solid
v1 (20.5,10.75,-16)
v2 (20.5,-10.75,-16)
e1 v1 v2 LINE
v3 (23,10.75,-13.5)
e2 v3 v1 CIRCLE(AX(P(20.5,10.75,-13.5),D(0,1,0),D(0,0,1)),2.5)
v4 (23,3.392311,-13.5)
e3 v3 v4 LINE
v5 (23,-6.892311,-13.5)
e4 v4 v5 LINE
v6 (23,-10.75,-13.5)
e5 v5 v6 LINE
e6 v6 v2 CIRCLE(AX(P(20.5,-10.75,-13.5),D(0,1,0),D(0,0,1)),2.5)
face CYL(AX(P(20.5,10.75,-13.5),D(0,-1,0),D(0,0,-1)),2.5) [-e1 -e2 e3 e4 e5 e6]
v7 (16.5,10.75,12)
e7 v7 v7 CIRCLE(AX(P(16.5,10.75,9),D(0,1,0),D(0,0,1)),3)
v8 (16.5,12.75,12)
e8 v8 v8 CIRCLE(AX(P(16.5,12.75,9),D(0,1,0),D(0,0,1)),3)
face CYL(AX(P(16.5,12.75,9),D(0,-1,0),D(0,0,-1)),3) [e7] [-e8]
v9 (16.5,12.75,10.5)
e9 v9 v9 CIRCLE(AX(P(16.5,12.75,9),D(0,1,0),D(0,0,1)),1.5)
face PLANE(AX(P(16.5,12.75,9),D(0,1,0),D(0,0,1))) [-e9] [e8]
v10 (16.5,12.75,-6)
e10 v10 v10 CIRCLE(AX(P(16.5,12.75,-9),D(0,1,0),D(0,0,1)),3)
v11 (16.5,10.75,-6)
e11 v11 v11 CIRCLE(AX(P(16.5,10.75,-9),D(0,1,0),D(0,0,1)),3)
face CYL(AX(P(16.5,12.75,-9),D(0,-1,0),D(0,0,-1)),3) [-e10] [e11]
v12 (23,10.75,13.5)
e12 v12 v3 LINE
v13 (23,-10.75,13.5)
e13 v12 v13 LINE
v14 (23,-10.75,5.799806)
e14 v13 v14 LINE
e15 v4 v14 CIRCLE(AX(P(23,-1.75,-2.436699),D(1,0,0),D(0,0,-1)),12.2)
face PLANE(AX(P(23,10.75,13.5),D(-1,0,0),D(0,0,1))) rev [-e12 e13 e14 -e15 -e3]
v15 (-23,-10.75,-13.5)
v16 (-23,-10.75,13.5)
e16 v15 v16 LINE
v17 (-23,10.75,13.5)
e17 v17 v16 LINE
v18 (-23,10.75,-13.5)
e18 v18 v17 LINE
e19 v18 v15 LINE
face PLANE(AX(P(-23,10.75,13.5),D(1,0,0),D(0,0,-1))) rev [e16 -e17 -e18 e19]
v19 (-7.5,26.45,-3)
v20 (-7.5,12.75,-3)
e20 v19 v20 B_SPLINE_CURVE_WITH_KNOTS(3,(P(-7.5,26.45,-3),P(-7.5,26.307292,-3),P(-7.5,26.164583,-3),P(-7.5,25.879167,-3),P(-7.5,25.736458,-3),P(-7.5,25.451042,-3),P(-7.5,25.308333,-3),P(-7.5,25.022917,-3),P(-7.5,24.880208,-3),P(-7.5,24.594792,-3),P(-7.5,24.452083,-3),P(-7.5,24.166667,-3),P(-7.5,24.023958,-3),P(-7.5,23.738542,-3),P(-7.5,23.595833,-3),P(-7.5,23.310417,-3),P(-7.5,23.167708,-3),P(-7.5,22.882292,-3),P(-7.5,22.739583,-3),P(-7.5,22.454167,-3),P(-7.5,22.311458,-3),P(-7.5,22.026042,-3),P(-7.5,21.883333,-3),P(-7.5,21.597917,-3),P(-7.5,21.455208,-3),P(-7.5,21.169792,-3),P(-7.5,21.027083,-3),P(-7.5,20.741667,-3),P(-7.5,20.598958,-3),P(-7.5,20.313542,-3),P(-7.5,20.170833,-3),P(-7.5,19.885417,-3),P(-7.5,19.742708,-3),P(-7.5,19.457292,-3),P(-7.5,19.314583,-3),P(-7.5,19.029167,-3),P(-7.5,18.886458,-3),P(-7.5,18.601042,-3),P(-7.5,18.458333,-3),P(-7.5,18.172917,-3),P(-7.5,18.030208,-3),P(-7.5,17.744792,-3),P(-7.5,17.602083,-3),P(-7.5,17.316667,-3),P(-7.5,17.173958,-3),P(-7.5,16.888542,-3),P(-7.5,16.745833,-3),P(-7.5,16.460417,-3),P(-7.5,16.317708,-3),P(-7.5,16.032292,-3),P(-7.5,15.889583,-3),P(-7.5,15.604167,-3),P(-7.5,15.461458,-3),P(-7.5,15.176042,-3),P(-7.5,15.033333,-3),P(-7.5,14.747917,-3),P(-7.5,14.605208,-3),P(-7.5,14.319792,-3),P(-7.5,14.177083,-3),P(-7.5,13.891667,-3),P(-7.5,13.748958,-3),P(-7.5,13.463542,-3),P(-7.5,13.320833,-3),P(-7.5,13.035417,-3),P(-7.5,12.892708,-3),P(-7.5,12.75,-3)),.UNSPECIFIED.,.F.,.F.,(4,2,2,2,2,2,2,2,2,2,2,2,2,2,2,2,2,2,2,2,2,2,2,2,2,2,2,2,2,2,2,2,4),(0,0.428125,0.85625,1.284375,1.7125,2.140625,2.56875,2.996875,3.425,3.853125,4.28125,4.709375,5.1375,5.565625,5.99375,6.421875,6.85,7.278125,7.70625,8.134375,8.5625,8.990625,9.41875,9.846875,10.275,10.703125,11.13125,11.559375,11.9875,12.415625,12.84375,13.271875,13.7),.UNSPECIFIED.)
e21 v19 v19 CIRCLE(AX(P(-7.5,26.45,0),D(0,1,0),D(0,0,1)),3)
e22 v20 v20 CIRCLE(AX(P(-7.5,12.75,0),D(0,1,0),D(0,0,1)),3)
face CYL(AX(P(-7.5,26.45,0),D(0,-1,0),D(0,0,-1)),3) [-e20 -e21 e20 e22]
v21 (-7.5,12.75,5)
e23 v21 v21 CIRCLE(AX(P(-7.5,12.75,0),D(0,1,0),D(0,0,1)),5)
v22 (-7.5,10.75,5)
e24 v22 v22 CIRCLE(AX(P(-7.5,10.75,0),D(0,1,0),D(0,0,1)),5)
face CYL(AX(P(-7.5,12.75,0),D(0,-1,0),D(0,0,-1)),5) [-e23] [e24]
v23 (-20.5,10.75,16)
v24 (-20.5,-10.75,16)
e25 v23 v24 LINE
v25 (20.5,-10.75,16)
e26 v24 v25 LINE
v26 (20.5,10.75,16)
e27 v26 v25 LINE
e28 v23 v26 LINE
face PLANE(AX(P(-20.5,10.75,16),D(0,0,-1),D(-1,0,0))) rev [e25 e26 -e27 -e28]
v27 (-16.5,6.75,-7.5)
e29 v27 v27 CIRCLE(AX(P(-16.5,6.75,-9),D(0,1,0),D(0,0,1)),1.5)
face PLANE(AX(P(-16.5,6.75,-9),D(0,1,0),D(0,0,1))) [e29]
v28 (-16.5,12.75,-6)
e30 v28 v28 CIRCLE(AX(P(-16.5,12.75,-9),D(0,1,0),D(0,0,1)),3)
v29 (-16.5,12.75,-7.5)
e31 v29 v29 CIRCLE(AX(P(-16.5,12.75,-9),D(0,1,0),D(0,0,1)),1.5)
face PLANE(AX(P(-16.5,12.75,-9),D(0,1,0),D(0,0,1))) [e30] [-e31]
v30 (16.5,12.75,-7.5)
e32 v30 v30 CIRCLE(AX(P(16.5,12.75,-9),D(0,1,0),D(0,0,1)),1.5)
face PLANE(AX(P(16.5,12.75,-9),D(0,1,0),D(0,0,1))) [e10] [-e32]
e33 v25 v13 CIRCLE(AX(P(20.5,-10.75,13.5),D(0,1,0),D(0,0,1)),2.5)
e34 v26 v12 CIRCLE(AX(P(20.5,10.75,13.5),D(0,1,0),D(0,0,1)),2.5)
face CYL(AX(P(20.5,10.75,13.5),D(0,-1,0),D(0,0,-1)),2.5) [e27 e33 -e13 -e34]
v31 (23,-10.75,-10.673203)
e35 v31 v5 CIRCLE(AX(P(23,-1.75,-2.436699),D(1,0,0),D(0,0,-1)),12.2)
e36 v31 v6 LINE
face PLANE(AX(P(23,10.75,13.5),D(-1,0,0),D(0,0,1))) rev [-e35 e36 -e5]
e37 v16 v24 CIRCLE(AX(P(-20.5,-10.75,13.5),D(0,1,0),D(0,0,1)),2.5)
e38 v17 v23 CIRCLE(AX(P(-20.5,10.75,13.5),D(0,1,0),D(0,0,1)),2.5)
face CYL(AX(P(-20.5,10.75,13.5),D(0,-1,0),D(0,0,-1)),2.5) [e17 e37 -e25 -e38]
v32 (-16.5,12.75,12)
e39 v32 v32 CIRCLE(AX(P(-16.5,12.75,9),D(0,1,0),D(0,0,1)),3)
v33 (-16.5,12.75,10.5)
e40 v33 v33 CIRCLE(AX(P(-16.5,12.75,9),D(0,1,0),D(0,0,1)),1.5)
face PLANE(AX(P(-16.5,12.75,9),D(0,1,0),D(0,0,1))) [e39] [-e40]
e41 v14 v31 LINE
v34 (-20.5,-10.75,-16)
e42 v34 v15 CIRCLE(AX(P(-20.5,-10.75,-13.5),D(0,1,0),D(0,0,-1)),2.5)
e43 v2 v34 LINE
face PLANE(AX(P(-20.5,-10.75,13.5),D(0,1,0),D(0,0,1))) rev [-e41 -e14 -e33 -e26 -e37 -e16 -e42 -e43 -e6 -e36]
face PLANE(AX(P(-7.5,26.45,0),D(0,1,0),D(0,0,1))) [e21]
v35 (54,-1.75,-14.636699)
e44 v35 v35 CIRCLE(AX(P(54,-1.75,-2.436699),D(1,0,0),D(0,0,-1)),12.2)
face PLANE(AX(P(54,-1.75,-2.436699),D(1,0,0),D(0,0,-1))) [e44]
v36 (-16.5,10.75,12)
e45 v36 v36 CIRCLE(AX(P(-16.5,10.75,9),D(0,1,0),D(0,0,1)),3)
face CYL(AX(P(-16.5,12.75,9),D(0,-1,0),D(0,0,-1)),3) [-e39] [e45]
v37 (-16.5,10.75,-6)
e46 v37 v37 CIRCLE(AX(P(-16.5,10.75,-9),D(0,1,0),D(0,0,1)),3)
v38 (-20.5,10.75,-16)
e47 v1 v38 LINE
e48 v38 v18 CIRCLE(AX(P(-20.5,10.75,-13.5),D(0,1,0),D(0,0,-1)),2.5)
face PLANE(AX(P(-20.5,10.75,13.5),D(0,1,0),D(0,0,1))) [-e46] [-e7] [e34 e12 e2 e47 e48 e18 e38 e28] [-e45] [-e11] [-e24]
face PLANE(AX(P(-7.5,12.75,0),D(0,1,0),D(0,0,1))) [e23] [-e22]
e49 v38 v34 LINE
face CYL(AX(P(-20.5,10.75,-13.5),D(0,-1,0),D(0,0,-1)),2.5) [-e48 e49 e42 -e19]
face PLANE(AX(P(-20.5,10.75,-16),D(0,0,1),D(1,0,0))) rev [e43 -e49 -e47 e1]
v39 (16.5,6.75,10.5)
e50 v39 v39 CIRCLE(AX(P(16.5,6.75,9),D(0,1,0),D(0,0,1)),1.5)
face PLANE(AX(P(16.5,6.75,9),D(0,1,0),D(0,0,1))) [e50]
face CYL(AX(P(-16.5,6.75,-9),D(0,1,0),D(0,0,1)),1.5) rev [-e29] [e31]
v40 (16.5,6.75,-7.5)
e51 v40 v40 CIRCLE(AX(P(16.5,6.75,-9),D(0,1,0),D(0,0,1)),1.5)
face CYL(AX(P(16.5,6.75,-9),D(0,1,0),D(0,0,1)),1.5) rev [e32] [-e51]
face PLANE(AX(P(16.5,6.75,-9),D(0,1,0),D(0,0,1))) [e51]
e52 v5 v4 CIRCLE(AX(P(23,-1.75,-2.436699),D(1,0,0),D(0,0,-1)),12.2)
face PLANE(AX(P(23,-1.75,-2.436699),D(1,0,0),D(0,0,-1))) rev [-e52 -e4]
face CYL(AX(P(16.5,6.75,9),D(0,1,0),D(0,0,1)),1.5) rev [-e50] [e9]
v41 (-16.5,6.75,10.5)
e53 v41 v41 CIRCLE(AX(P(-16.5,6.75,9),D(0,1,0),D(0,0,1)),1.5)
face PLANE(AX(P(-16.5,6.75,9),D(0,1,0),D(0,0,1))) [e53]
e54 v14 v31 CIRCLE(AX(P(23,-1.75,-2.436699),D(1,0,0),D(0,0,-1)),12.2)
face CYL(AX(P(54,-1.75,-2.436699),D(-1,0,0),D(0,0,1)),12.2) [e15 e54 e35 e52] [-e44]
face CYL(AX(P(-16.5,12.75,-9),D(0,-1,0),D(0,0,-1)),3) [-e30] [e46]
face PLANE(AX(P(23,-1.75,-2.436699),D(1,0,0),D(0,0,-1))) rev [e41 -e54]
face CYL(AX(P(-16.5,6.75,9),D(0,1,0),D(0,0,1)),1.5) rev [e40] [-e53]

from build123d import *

# Parameters (mm, degrees)
BOSS_EXTRUDE1_DEPTH = 10.75
SKETCH2_R           = 3
SKETCH2_R_2         = 5
BOSS_EXTRUDE2_DEPTH = 2
SKETCH3_R           = 1.5
CUT_EXTRUDE1_DEPTH  = 6
SKETCH4_R           = 3
BOSS_EXTRUDE3_DEPTH = 13.7
SKETCH5_R           = 12.2
BOSS_EXTRUDE4_DEPTH = 31


with BuildPart() as part:
    # Sketch1 → Boss-Extrude1 (new, symmetric)
    with BuildSketch(Plane(origin=(0, 0, 0), x_dir=(1, 0, 0), z_dir=(0, 1, 0))):
        with BuildLine():
            Line((-20.5, -16), (20.5, -16))
            ThreePointArc((20.5, -16), (22.267766953, -15.267766953), (23, -13.5))
            Line((23, -13.5), (23, 13.5))
            ThreePointArc((23, 13.5), (22.267766953, 15.267766953), (20.5, 16))
            Line((20.5, 16), (-20.5, 16))
            ThreePointArc((-20.5, 16), (-22.267766953, 15.267766953), (-23, 13.5))
            Line((-23, 13.5), (-23, -13.5))
            ThreePointArc((-23, -13.5), (-22.267766953, -15.267766953), (-20.5, -16))
        make_face()
    extrude(amount=BOSS_EXTRUDE1_DEPTH, both=True)

    # Sketch2 → Boss-Extrude2 (add)
    with BuildSketch(Plane(origin=(0, 10.75, 0), x_dir=(1, 0, 0), z_dir=(0, 1, 0))):
        with Locations(Location((-16.5, 9, 0), (0, 0, 270))):
            Circle(SKETCH2_R)
        with Locations(Location((-16.5, -9, 0), (0, 0, 270))):
            Circle(SKETCH2_R)
        with Locations(Location((16.5, -9, 0), (0, 0, 270))):
            Circle(SKETCH2_R)
        with Locations(Location((16.5, 9, 0), (0, 0, 270))):
            Circle(SKETCH2_R)
        with Locations(Location((-7.5, 0, 0), (0, 0, 270))):
            Circle(SKETCH2_R_2)
    extrude(amount=BOSS_EXTRUDE2_DEPTH)

    # Sketch3 → Cut-Extrude1 (cut)
    with BuildSketch(Plane(origin=(0, 12.75, 0), x_dir=(1, 0, 0), z_dir=(0, 1, 0))):
        with Locations(Location((-16.5, 9, 0), (0, 0, 270))):
            Circle(SKETCH3_R)
        with Locations(Location((16.5, 9, 0), (0, 0, 270))):
            Circle(SKETCH3_R)
        with Locations(Location((16.5, -9, 0), (0, 0, 270))):
            Circle(SKETCH3_R)
        with Locations(Location((-16.5, -9, 0), (0, 0, 270))):
            Circle(SKETCH3_R)
    extrude(amount=-CUT_EXTRUDE1_DEPTH, mode=Mode.SUBTRACT)

    # Sketch4 → Boss-Extrude3 (add)
    with BuildSketch(Plane(origin=(0, 12.75, 0), x_dir=(1, 0, 0), z_dir=(0, 1, 0))):
        with Locations(Location((-7.5, 0, 0), (0, 0, 90))):
            Circle(SKETCH4_R)
    extrude(amount=BOSS_EXTRUDE3_DEPTH)

    # Sketch5 → Boss-Extrude4 (add)
    with BuildSketch(Plane(origin=(23, 0, 0), x_dir=(0, 0, -1), z_dir=(1, 0, 0))):
        with Locations(Location((2.436698586, -1.75, 0), (0, 0, 227.536275048))):
            Circle(SKETCH5_R)
    extrude(amount=BOSS_EXTRUDE4_DEPTH)


solid = part.part
